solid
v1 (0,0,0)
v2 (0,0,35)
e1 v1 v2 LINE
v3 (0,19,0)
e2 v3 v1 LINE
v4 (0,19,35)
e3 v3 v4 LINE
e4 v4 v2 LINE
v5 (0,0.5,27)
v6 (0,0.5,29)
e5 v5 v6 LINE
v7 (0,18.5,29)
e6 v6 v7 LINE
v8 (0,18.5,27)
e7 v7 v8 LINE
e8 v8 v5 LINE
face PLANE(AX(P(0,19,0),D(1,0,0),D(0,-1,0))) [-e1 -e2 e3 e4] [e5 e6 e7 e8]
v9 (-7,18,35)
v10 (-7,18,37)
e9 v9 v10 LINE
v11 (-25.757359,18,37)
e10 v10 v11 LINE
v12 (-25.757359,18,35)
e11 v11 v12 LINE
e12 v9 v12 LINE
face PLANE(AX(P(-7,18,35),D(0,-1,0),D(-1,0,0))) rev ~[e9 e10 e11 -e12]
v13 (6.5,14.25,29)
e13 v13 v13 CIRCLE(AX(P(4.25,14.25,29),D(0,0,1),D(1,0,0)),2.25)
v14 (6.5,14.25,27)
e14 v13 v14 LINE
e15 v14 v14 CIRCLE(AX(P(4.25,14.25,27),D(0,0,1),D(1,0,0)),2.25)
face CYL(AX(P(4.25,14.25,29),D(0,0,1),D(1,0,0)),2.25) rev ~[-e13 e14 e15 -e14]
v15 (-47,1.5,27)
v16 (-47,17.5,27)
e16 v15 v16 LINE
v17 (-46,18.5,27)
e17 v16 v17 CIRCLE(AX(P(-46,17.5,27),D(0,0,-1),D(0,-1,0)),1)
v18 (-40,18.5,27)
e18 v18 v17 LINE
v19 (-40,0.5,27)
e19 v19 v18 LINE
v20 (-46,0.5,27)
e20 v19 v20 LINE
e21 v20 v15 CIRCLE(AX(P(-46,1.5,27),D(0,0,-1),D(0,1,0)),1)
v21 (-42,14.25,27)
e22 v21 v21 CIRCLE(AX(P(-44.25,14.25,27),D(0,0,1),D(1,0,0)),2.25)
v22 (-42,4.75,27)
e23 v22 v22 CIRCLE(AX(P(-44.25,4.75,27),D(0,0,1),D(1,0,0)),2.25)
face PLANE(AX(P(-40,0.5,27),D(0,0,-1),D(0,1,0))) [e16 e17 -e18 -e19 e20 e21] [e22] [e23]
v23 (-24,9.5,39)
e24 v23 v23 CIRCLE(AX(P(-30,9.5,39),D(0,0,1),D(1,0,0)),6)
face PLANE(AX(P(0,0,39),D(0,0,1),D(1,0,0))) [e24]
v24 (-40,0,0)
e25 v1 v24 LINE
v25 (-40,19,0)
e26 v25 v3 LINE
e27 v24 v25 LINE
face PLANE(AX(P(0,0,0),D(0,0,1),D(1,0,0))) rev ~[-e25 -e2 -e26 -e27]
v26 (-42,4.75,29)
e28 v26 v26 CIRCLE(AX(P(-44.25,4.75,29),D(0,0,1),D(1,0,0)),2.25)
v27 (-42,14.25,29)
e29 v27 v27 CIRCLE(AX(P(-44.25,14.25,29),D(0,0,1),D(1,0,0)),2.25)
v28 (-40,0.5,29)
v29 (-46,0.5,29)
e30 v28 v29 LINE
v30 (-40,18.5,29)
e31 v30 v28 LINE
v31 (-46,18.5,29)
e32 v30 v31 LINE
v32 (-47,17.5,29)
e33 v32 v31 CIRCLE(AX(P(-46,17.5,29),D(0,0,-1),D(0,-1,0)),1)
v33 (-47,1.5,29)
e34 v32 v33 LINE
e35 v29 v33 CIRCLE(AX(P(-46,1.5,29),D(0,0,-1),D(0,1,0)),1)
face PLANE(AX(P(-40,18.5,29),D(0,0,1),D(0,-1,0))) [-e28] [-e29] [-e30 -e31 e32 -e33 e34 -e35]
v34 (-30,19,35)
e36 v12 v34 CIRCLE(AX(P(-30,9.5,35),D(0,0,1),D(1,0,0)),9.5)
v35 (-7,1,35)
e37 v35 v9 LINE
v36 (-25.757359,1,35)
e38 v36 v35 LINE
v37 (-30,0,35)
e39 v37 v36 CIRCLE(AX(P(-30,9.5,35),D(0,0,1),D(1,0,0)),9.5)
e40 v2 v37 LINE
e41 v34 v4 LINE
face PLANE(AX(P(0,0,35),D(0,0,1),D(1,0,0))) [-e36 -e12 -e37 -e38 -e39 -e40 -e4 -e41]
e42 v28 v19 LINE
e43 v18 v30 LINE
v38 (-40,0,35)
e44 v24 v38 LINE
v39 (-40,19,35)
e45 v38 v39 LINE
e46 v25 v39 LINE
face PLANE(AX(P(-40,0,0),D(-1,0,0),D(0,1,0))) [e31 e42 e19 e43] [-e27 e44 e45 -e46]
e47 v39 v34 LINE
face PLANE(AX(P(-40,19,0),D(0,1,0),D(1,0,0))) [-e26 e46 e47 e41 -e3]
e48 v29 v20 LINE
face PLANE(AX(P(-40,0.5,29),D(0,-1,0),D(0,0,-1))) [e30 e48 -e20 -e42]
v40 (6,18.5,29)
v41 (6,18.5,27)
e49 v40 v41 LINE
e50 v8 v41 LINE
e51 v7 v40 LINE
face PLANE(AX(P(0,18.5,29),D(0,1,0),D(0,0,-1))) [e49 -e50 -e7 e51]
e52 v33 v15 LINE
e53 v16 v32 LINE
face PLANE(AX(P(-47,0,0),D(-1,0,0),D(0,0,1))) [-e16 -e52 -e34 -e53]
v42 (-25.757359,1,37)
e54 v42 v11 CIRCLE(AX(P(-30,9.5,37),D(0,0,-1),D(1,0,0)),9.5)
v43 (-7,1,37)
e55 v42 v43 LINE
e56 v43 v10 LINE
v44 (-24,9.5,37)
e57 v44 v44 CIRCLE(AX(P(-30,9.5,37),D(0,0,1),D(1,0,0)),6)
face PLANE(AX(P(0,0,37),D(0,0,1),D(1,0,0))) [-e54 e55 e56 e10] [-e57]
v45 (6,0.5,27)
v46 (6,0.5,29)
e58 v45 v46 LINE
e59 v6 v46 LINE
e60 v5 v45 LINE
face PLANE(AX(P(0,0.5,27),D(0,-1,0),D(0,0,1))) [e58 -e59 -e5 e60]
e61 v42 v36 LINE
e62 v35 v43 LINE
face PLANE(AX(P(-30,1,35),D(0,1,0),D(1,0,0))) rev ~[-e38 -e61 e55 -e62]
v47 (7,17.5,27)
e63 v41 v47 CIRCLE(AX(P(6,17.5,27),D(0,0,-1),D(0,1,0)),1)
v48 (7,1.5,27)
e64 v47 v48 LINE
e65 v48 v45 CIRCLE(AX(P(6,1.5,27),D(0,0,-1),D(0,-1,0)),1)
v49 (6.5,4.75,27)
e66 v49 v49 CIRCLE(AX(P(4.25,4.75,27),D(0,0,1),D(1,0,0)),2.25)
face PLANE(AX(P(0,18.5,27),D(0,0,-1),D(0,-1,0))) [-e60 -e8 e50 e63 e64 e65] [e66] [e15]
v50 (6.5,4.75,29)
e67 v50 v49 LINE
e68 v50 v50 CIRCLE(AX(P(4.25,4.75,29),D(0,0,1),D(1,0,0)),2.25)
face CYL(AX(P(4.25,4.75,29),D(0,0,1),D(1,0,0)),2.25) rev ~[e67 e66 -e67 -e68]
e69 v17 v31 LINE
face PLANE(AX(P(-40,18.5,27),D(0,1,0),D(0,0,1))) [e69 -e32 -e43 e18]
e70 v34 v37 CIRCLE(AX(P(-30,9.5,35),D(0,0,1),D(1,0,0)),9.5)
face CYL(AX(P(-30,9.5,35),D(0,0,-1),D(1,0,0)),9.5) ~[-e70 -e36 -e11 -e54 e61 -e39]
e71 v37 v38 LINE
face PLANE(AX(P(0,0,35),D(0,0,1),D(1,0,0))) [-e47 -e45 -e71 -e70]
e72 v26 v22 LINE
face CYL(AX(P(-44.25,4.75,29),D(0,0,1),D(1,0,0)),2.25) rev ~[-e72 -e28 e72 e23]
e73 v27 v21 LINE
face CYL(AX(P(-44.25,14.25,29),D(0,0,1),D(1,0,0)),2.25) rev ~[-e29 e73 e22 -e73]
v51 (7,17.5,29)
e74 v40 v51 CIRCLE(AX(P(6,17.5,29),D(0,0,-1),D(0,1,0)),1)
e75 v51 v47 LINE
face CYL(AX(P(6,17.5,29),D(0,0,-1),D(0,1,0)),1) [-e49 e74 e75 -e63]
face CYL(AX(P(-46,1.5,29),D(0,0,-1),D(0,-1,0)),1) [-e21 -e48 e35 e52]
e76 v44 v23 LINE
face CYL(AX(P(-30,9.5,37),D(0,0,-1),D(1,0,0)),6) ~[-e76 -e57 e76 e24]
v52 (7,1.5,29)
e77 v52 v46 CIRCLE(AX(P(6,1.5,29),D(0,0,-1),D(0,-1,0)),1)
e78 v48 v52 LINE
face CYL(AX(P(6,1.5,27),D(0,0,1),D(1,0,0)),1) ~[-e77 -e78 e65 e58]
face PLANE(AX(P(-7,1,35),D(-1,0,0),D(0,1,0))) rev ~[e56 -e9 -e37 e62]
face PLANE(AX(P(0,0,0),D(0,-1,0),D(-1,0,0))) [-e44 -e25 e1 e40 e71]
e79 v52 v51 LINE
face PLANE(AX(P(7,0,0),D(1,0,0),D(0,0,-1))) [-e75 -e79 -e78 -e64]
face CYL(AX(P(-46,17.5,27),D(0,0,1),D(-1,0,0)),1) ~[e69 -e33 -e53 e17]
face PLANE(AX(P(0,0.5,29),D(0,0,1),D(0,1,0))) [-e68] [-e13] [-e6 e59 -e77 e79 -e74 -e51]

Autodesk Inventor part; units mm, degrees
ref_plane "YZ Plane" through (0, 0, 0) normal (1, 0, 0) x (0, 1, 0)
ref_plane "XZ Plane" through (0, 0, 0) normal (0, 1, 0) x (-1, 0, 0)
ref_plane "XY Plane" through (0, 0, 0) normal (0, 0, 1) x (1, 0, 0)
sketch "Skizze1" plane through (0, 0, 0) normal (0, 0, 1) x (1, 0, 0)
  line L0 (0, 0) -> (-40, 0)
  line L1 (-40, 0) -> (-40, 19)
  line L2 (-40, 19) -> (0, 19)
  line L3 (0, 19) -> (0, 0)
  dimension "d0" = 40
  dimension "d1" = 19
extrude "Extrusion1" add sketch "Skizze1" along normal blind 35
sketch "Skizze2" plane through (0, 0, 35) normal (0, 0, 1) x (1, 0, 0)
  line L0 (-40, 19) -> (0, 19) projected
  circle A0 centre (-30, 9.5) radius 9.5
  dimension "d4" = 10
extrude "Extrusion2" add sketch "Skizze2" along normal blind 2
sketch "Skizze3" plane through (0, 0, 35) normal (0, 0, 1) x (1, 0, 0)
  line L0 (0, 19) -> (0, 0) projected
  line L1 (-37, 3.6605) -> (-37, 17.3389)
  line L2 (-7, 1) -> (-7, 18)
  line L3 (-7, 18) -> (-30, 18)
  line L4 (-30, 18) -> (-30, 1)
  line L5 (-30, 1) -> (-7, 1)
  dimension "d13" = 17
extrude "Extrusion3" add sketch "Skizze3" along normal blind 2
sketch "Skizze4" plane through (0, 0, 37) normal (0, 0, 1) x (1, 0, 0)
  arc A0 (-25.7574, 18) -> (-25.7574, 1) centre (-30, 9.5) ccw projected
  circle A1 centre (-30, 9.5) radius 6
  point P0 (0, 0)
  dimension "d16" = 12
extrude "Extrusion4" add sketch "Skizze4" along normal blind 2
sketch "Skizze6" plane through (-40, 0, 0) normal (-1, 0, 0) x (0, 0, 1)
  line L0 (27, 18.5) -> (29, 18.5)
  line L1 (29, 18.5) -> (29, 0.5)
  line L2 (29, 0.5) -> (27, 0.5)
  line L3 (27, 0.5) -> (27, 18.5)
  dimension "d23" = 2
  dimension "d24" = 18
extrude "Extrusion5" add sketch "Skizze6" along normal blind 7
sketch "Skizze7" plane through (-40, 0.5, 29) normal (0, 0, 1) x (1, 0, 0)
  circle A0 centre (-4.25, 4.25) radius 2.25
  circle A1 centre (-4.25, 13.75) radius 2.25
  point P0 (40, -0.5)
  dimension "d27" = 4.5
  dimension "d28" = 4.5
extrude "Extrusion6" cut sketch "Skizze7" against normal blind 2 contours A0
sketch "Skizze8" plane through (-40, 0.5, 29) normal (0, 0, 1) x (1, 0, 0)
  circle A0 centre (-4.25, 13.75) radius 2.25
  point P0 (40, -0.5)
  dimension "d31" = 4.5
extrude "Extrusion7" cut sketch "Skizze8" against normal blind 2
fillet "Rundung1" radius 1 1 edges at (-47, 0.5, 28)
fillet "Rundung2" radius 1 1 edges at (-47, 18.5, 28)
sketch "Skizze9" plane through (0, 0, 0) normal (1, 0, 0) x (0, 0, -1)
  line L0 (-27, 0.5) -> (-29, 0.5)
  line L1 (-29, 0.5) -> (-29, 18.5)
  line L2 (-29, 18.5) -> (-27, 18.5)
  line L3 (-27, 18.5) -> (-27, 0.5)
  dimension "d36" = 2
  dimension "d37" = 18
extrude "Extrusion8" add sketch "Skizze9" along normal blind 7
sketch "Skizze10" plane through (0, 0.5, 29) normal (0, 0, 1) x (1, 0, 0)
  circle A0 centre (4.25, 4.25) radius 2.25
  point P0 (0, -0.5)
  dimension "d40" = 4.5
extrude "Extrusion9" cut sketch "Skizze10" against normal blind 2
sketch "Skizze11" plane through (0, 0.5, 29) normal (0, 0, 1) x (1, 0, 0)
  circle A0 centre (4.25, 13.75) radius 2.25
  point P0 (0, -0.5)
  dimension "d43" = 4.5
extrude "Extrusion10" cut sketch "Skizze11" against normal blind 2
fillet "Rundung3" radius 1 1 edges at (7, 18.5, 28)
fillet "Rundung4" radius 1 1 edges at (7, 0.5, 28)
properties part number "servo" material "PC/ABS-Kunststoff"
